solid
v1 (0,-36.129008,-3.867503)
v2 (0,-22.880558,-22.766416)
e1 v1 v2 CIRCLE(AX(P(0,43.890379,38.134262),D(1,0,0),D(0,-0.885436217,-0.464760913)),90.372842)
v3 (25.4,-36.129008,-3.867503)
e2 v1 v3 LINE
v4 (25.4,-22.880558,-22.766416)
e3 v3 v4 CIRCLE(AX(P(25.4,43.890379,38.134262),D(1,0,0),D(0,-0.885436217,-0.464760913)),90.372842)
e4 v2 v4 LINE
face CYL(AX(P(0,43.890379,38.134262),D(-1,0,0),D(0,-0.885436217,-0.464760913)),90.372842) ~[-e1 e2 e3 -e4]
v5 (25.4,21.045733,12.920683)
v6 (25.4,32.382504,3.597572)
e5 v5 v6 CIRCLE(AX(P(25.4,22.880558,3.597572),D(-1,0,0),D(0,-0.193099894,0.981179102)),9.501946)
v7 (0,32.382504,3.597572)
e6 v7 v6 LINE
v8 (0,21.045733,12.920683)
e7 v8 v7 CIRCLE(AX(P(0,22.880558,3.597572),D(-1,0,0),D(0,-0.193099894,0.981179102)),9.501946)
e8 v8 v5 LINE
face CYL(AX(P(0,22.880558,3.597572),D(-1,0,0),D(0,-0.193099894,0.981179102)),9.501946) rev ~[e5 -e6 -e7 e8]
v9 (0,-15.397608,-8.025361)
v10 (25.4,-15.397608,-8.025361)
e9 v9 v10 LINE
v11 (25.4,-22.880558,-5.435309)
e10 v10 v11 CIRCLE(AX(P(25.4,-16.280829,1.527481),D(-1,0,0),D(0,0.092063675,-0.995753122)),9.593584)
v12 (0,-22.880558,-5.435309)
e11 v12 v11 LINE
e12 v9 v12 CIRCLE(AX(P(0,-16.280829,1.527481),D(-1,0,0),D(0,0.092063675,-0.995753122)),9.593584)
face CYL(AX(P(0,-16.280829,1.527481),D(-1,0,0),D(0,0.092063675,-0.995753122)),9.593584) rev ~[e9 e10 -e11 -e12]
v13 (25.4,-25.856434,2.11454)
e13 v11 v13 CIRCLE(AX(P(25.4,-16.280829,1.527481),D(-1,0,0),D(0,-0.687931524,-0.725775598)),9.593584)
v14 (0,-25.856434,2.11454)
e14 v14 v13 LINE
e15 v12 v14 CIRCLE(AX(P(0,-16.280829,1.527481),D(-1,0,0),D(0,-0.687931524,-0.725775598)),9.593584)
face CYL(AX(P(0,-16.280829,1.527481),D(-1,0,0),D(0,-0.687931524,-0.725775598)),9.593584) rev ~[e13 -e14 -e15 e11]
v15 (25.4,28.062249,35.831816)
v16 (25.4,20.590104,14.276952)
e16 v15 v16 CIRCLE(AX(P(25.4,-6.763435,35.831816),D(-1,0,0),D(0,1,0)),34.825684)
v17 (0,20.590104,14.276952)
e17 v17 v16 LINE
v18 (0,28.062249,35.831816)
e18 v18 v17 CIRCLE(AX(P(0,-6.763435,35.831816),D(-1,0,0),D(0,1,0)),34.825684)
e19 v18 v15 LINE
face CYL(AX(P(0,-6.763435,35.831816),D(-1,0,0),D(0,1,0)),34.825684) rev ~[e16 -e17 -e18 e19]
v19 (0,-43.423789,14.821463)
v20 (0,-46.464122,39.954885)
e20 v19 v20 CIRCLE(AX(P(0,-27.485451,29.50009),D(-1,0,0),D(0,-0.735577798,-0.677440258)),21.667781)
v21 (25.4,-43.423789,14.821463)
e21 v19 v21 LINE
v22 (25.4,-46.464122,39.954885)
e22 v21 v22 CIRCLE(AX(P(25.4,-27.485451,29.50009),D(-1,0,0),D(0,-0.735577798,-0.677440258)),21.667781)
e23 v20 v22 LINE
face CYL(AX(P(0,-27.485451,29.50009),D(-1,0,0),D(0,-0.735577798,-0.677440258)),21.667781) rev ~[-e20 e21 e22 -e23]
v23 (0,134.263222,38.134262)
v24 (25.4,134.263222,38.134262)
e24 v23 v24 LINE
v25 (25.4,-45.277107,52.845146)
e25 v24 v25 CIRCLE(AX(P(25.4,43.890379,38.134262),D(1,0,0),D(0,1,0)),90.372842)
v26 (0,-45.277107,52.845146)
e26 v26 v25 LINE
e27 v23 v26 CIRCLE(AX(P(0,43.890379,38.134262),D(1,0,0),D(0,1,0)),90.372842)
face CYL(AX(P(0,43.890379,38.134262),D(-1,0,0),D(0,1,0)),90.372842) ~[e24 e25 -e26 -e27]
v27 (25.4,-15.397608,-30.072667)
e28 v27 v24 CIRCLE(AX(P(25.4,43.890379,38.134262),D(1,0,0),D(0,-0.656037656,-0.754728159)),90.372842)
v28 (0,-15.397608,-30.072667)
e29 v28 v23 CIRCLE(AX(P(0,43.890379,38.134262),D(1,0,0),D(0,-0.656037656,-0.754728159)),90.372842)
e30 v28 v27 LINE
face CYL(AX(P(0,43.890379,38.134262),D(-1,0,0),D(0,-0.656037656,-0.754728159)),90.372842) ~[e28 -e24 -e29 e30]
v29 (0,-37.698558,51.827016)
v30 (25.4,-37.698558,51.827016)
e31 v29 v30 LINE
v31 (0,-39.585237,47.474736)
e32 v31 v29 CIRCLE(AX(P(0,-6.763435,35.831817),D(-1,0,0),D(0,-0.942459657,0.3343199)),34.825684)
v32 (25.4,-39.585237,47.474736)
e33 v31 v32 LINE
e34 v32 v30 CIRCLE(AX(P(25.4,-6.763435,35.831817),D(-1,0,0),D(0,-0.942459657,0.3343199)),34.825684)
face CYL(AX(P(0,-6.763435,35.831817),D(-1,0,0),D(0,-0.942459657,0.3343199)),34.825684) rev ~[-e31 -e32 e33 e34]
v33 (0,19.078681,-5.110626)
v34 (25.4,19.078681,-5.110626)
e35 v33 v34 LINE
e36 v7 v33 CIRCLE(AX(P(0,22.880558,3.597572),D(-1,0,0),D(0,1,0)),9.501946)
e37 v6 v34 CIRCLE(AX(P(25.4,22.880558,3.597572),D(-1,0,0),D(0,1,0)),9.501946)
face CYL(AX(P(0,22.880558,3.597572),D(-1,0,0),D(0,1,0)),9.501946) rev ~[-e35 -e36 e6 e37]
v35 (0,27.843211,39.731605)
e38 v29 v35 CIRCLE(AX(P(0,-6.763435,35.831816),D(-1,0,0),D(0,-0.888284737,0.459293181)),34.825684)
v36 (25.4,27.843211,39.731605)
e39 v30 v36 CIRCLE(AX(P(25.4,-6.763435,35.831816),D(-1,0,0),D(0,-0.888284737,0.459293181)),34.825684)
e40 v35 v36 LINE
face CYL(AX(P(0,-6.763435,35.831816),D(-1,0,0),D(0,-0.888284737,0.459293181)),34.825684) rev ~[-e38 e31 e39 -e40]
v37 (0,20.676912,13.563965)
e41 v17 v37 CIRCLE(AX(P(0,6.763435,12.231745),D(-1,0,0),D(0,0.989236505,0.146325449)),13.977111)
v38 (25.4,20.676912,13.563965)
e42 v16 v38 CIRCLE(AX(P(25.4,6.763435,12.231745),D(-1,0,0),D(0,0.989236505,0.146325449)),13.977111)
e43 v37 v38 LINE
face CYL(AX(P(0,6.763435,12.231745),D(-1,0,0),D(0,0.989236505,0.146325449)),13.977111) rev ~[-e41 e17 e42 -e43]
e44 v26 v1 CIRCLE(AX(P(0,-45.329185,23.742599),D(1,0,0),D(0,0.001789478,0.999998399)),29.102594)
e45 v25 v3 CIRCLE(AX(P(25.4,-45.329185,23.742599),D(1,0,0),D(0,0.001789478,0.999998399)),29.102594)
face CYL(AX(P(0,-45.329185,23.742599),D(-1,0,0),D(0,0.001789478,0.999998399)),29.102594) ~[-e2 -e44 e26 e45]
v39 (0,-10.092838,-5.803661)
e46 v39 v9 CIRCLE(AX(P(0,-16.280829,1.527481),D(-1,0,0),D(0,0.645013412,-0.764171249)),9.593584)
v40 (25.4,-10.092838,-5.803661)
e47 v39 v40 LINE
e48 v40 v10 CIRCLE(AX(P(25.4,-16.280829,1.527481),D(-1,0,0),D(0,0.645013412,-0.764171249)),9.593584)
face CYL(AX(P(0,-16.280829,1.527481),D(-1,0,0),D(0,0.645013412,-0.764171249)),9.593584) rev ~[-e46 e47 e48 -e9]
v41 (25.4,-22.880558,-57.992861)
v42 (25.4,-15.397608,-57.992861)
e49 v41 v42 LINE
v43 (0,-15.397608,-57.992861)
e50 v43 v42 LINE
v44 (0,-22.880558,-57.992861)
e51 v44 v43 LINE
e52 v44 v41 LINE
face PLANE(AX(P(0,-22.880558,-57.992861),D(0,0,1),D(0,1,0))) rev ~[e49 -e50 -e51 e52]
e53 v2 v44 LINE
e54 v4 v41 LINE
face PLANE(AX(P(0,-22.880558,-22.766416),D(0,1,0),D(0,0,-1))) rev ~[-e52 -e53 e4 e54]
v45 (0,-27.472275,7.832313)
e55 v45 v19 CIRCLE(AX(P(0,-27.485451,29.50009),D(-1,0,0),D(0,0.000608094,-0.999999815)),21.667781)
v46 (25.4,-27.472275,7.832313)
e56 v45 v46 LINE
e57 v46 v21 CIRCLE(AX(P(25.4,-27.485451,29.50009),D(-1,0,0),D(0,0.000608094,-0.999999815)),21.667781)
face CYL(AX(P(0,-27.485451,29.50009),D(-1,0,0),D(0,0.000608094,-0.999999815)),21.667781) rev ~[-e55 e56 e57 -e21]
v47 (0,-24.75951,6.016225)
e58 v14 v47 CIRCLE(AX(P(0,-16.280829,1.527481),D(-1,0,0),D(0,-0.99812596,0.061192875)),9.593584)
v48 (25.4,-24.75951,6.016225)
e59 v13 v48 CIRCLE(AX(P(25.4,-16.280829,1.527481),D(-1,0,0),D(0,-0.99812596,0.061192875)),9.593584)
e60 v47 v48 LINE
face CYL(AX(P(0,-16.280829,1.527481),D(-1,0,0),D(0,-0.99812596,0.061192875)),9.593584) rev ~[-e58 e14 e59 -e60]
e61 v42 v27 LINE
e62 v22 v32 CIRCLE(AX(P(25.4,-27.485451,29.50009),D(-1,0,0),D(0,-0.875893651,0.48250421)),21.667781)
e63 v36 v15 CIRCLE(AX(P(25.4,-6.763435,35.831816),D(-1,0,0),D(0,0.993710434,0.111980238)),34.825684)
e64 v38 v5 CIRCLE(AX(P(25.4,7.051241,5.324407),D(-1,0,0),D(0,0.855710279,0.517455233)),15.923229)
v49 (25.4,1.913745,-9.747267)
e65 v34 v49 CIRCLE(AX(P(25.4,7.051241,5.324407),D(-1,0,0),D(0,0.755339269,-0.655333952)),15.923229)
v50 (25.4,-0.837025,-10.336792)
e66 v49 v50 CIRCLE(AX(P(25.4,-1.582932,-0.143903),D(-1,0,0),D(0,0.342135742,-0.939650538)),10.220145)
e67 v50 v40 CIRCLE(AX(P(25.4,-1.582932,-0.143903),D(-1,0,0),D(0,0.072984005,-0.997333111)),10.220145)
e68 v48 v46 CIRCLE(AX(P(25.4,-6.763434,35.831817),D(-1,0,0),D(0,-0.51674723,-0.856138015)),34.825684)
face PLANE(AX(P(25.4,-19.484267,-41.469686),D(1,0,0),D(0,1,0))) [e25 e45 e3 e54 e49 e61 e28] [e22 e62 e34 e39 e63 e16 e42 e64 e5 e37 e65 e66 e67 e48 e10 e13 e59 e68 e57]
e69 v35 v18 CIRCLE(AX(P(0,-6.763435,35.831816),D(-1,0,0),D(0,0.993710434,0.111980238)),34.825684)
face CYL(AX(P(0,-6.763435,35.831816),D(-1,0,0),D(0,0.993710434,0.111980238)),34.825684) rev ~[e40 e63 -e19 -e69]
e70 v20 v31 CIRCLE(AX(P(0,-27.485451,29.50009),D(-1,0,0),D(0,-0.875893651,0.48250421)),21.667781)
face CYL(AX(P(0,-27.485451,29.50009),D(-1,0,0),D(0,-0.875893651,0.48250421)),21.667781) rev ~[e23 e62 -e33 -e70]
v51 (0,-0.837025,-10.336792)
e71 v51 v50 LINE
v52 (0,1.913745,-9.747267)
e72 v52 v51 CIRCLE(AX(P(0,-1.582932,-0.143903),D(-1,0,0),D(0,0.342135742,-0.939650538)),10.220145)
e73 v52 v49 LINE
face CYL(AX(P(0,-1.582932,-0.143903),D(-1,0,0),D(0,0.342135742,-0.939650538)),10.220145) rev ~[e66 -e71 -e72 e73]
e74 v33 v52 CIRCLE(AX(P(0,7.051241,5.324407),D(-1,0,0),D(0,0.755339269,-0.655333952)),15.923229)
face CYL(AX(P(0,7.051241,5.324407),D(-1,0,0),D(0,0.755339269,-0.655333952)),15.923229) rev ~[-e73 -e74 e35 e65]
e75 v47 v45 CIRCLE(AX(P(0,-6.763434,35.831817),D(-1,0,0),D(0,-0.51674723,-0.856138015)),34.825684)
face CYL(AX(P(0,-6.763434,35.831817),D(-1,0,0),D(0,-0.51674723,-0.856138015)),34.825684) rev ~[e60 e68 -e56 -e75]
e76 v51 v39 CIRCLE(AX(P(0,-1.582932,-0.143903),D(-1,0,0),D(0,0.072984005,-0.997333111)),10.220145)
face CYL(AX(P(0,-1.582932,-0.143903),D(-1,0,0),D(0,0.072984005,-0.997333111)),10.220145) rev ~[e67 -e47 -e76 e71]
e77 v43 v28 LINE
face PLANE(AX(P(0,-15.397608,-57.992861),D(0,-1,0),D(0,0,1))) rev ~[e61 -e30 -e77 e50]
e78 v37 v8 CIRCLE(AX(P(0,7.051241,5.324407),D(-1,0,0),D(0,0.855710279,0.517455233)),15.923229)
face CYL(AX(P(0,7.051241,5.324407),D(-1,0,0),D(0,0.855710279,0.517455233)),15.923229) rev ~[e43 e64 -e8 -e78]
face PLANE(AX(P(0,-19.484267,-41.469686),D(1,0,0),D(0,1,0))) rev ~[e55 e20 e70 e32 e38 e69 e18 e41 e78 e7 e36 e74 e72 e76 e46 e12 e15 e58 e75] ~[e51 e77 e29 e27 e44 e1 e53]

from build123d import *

# Parameters (mm, degrees)
F1_DEPTH = 25.4


with BuildPart() as f1:
    # F0 (on Right) → F1 (new body)
    with BuildSketch(Plane.YZ):
        with BuildLine():
            Line((-22.8805579245, -22.7664159755), (-22.8805579245, -57.9928606749))
            Line((-22.8805579245, -57.9928606749), (-15.3976082802, -57.9928606749))
            Line((-15.3976082802, -57.9928606749), (-15.3976082802, -30.0726670171))
            ThreePointArc((-15.3976082802, -30.0726670171), (-19.2448601213, -26.5278766879), (-22.8805579245, -22.7664159755))
        make_face()
        with BuildLine():
            ThreePointArc((-36.1290082754, -3.8675027801), (-30.1105807858, -13.7416335631), (-22.8805579245, -22.7664159755))
            Line((-22.8805579245, -22.7664159755), (-22.8805579245, -5.4353086614))
            ThreePointArc((-22.8805579245, -5.4353086614), (-25.2060971884, -1.990536454), (-25.8564343771, 2.1145396683))
            ThreePointArc((-25.8564343771, 2.1145396683), (-30.6840356791, -1.4065674169), (-36.1290082754, -3.8675027801))
        make_face()
        with BuildLine():
            ThreePointArc((-45.277106552, 52.8451455313), (-74.0603906155, 19.1080787818), (-36.1290082754, -3.8675027801))
            ThreePointArc((-36.1290082754, -3.8675027801), (-40.2966096051, 5.2739283062), (-43.4237891642, 14.8214626034))
            ThreePointArc((-43.4237891642, 14.8214626034), (-48.9964160146, 26.897956874), (-46.4641223034, 39.9548850136))
            ThreePointArc((-46.4641223034, 39.9548850136), (-46.1017075688, 46.4212957732), (-45.277106552, 52.8451455313))
        make_face()
        with BuildLine():
            Line((-22.8805579245, -5.4353086614), (-22.8805579245, -22.7664159755))
            ThreePointArc((-22.8805579245, -22.7664159755), (-19.2448601213, -26.5278766879), (-15.3976082802, -30.0726670171))
            Line((-15.3976082802, -30.0726670171), (-15.3976082802, -8.0253607773))
            ThreePointArc((-15.3976082802, -8.0253607773), (-19.4187756139, -7.5383976022), (-22.8805579245, -5.4353086614))
        make_face()
        with BuildLine():
            ThreePointArc((-37.6985580456, 51.8270156729), (-41.4542478809, 52.5860694794), (-45.277106552, 52.8451455313))
            ThreePointArc((-45.277106552, 52.8451455313), (-46.1017075688, 46.4212957732), (-46.4641223034, 39.9548850136))
            ThreePointArc((-46.4641223034, 39.9548850136), (-43.4730918643, 44.1250016569), (-39.5852366825, 47.474735675))
            ThreePointArc((-39.5852366825, 47.474735675), (-38.7160866571, 49.6830361403), (-37.6985580456, 51.8270156729))
        make_face()
        with BuildLine():
            ThreePointArc((-43.4237891642, 14.8214626034), (-40.2966096051, 5.2739283062), (-36.1290082754, -3.8675027801))
            ThreePointArc((-36.1290082754, -3.8675027801), (-30.6840356791, -1.4065674169), (-25.8564343771, 2.1145396683))
            ThreePointArc((-25.8564343771, 2.1145396683), (-25.5163637625, 4.1239695154), (-24.7595102264, 6.0162245347))
            ThreePointArc((-24.7595102264, 6.0162245347), (-26.1371840828, 6.8924645223), (-27.4722746733, 7.8323128533))
            ThreePointArc((-27.4722746733, 7.8323128533), (-36.1811250997, 9.6537304893), (-43.4237891642, 14.8214626034))
        make_face()
        with BuildLine():
            Line((-15.3976082802, -8.0253607773), (-15.3976082802, -30.0726670171))
            ThreePointArc((-15.3976082802, -30.0726670171), (81.3685508669, -44.1009938677), (134.2632217545, 38.1342619658))
            ThreePointArc((134.2632217545, 38.1342619658), (51.2704704846, 128.2052611604), (-45.277106552, 52.8451455313))
            ThreePointArc((-45.277106552, 52.8451455313), (-41.4542478809, 52.5860694794), (-37.6985580456, 51.8270156729))
            ThreePointArc((-37.6985580456, 51.8270156729), (-0.4432478699, 70.0792033475), (27.8432110431, 39.7316048698))
            ThreePointArc((27.8432110431, 39.7316048698), (56.2702105218, 30.9904843235), (68.5100917864, 3.8853778969))
            ThreePointArc((68.5100917864, 3.8853778969), (39.6372370921, -31.5098645214), (-0.8370252167, -10.336791655))
            ThreePointArc((-0.8370252167, -10.336791655), (-6.0781786291, -9.3223624176), (-10.0928384047, -5.8036605751))
            ThreePointArc((-10.0928384047, -5.8036605751), (-12.5748209934, -7.3213816154), (-15.3976082802, -8.0253607773))
        make_face()
        with BuildLine():
            ThreePointArc((1.9137445003, -9.7472674078), (0.558740927, -10.1371303225), (-0.8370252167, -10.336791655))
            ThreePointArc((-0.8370252167, -10.336791655), (39.6372370921, -31.5098645214), (68.5100917864, 3.8853778969))
            ThreePointArc((68.5100917864, 3.8853778969), (56.2702105218, 30.9904843235), (27.8432110431, 39.7316048698))
            ThreePointArc((27.8432110431, 39.7316048698), (28.0074467559, 37.7847839297), (28.0622494863, 35.8318164945))
            ThreePointArc((28.0622494863, 35.8318164945), (26.1412305096, 24.4251830851), (20.5901041712, 14.2769519082))
            ThreePointArc((20.5901041712, 14.2769519082), (20.6380886941, 13.9210160561), (20.6769120054, 13.5639648052))
            ThreePointArc((20.6769120054, 13.5639648052), (20.8650675932, 13.24447129), (21.0457330933, 12.9206833832))
            ThreePointArc((21.0457330933, 12.9206833832), (28.9159774204, 10.9365568541), (32.3825042542, 3.597572213))
            ThreePointArc((32.3825042542, 3.597572213), (28.0844870819, -4.352654537), (19.0786813985, -5.1106261617))
            ThreePointArc((19.0786813985, -5.1106261617), (11.203643005, -10.0478667355), (1.9137445003, -9.7472674078))
        make_face()
    extrude(amount=F1_DEPTH)


solid = f1.part
